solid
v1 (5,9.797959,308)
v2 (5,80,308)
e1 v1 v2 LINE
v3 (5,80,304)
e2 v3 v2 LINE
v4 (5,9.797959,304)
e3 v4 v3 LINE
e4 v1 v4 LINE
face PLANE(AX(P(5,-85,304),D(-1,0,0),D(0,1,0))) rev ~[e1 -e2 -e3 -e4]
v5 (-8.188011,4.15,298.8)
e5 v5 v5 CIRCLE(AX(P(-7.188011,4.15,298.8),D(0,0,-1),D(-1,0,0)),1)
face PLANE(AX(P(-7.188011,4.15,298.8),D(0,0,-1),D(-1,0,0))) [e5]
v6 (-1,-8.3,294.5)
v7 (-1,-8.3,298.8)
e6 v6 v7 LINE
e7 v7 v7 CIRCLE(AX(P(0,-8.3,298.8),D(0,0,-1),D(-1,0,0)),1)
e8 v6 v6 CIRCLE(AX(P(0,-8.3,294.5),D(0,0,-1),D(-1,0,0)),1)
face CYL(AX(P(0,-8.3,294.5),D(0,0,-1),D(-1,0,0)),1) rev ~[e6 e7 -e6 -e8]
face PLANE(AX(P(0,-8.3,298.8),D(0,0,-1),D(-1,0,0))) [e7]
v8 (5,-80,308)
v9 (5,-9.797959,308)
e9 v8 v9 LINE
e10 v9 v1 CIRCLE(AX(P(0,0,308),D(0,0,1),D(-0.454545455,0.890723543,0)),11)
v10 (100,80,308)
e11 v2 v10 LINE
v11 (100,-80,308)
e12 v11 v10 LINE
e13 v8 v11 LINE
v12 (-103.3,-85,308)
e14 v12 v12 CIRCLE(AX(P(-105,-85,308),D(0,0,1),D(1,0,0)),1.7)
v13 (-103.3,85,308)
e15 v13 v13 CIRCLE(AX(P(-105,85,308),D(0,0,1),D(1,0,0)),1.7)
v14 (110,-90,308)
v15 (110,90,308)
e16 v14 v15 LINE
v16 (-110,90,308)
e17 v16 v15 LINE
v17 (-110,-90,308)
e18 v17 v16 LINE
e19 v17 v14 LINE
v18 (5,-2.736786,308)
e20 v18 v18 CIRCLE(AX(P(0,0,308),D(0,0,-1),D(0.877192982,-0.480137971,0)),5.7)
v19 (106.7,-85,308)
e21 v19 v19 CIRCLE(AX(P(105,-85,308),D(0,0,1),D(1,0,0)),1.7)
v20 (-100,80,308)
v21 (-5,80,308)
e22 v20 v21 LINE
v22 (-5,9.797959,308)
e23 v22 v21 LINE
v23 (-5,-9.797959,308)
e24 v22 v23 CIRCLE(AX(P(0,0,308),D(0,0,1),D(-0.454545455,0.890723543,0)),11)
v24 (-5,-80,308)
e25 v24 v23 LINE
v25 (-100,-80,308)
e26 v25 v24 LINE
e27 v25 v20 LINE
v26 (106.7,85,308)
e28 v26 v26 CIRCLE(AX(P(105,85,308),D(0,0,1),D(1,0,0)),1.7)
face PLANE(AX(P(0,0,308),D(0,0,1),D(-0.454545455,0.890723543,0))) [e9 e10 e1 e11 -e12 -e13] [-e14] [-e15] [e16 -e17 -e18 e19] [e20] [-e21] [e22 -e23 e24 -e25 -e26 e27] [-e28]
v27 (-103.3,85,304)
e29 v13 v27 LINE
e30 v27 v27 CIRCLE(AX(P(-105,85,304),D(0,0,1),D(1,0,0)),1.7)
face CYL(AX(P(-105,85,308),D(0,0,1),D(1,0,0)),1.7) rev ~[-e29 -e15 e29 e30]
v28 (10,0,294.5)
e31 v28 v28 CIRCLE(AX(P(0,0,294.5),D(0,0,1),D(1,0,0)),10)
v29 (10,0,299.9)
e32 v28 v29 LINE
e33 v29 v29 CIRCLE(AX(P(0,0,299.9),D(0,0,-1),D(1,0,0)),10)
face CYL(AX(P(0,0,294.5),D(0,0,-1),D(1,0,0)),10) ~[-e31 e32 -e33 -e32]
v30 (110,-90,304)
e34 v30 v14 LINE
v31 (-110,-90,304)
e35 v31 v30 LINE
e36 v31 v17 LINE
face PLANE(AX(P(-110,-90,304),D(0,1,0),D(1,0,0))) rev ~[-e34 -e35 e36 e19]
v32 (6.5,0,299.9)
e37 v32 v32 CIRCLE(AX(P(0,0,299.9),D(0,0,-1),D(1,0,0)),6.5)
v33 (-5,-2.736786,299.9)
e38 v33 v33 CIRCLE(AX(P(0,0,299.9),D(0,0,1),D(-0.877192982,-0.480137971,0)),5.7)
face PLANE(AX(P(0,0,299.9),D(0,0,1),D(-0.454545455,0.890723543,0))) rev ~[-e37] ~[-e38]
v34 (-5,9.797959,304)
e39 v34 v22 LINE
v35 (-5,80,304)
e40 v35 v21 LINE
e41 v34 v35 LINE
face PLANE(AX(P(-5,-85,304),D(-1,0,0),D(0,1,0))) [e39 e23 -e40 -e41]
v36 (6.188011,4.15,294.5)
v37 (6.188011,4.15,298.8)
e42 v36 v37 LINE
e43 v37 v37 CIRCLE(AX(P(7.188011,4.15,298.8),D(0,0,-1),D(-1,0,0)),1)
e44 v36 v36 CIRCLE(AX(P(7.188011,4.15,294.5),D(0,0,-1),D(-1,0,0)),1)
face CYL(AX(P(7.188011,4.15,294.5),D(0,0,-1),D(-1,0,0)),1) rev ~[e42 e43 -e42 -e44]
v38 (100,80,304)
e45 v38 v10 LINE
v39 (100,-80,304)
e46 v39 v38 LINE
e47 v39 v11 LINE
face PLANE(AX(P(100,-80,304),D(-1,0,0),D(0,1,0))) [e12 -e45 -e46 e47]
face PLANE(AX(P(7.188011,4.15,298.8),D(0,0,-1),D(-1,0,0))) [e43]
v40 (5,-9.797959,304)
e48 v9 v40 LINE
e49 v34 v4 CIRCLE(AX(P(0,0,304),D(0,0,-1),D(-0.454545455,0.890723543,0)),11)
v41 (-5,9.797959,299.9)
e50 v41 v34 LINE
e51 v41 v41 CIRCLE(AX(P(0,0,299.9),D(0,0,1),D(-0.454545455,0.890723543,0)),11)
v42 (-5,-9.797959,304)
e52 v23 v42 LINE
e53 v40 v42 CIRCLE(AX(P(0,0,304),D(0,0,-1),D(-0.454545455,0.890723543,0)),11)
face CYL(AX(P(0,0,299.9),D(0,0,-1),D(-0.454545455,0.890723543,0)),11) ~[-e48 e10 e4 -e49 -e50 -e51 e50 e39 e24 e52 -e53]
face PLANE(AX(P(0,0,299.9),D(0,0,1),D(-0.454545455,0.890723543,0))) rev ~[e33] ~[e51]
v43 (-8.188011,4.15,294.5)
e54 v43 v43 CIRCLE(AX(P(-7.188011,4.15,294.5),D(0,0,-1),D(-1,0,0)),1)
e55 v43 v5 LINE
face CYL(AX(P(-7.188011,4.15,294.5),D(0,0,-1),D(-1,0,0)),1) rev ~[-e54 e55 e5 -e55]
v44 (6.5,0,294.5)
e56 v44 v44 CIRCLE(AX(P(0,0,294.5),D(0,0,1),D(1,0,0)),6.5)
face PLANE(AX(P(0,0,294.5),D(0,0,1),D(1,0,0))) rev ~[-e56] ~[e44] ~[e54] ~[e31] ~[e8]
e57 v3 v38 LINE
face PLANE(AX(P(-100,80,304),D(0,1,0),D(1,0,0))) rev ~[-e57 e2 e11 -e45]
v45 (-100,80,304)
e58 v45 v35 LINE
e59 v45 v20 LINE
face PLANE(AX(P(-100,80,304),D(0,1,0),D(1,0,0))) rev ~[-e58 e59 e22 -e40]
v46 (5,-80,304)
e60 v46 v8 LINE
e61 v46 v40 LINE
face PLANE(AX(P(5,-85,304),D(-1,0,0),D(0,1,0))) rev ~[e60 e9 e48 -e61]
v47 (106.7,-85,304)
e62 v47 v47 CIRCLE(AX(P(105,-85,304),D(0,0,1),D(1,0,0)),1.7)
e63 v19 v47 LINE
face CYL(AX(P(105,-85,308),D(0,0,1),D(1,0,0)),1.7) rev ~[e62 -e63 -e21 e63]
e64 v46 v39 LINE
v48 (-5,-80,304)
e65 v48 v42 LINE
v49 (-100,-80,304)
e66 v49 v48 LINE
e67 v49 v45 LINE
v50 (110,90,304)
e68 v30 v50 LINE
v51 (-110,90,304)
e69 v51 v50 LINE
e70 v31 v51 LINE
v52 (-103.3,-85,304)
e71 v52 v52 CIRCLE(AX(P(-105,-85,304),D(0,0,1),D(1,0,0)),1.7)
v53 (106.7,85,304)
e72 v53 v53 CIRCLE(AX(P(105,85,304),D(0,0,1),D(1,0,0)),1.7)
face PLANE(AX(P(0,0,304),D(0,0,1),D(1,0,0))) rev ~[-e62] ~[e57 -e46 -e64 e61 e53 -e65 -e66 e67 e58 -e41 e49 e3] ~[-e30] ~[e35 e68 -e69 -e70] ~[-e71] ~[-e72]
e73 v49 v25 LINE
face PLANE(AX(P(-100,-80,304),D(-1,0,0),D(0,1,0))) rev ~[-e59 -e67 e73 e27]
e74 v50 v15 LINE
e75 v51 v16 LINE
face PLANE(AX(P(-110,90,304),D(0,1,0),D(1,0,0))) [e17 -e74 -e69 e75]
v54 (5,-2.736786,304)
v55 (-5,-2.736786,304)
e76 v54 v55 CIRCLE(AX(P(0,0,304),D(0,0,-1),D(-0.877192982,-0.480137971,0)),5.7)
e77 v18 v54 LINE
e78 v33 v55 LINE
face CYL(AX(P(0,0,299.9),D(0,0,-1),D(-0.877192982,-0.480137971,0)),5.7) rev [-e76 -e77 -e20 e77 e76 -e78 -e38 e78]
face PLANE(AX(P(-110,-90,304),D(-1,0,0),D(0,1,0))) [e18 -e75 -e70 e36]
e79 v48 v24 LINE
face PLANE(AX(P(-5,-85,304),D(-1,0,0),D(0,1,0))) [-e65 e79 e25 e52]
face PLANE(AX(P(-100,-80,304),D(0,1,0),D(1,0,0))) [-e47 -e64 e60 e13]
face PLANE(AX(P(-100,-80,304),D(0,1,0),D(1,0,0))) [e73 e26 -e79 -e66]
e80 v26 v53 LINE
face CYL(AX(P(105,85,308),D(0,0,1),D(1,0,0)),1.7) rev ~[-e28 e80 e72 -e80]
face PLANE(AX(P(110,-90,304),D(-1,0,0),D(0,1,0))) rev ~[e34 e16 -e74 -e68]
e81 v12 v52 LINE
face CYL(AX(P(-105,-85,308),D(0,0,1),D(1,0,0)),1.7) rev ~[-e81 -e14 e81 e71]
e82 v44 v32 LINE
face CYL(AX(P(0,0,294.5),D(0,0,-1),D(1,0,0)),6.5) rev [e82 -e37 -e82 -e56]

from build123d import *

# Parameters (mm, degrees)
UPPER_PERIMETER_START                         = 304
SKETCH1_W                                     = 220
SKETCH1_H                                     = 180
SKETCH1_W_2                                   = 200
SKETCH1_H_2                                   = 160
UPPER_PERIMETER_DEPTH                         = 4
BEARING_SPINE_START                           = 304
SKETCH2_W                                     = 10
SKETCH2_H                                     = 170
BEARING_SPINE_DEPTH                           = 4
UPPER_OUTER_RACE_STOP_START                   = 299.9
SKETCH3_R                                     = 11
SKETCH3_R_2                                   = 5.7
UPPER_OUTER_RACE_STOP_DEPTH                   = 8.1
FLOATING_OUTER_RACE_SEAT_START                = 294.5
SKETCH4_R                                     = 10
SKETCH4_R_2                                   = 6.5
FLOATING_OUTER_RACE_SEAT_DEPTH                = 5.41
SHAFT_CLIP_CLEARANCE_START                    = -8.11
SKETCH5_R                                     = 5.7
SHAFT_CLIP_CLEARANCE_DEPTH                    = 8.11
SKETCH6_R                                     = 1.7
FOUR_TIE_ROD_CLEARANCE_DEPTH                  = 4.01
SKETCH7_R                                     = 1
THREE_M2_TOP_CAP_THREAD_MAJOR_ENVELOPES_DEPTH = 4.3


with BuildPart() as part:
    # Sketch1 → Upper_Perimeter (new body)
    with BuildSketch(Plane.XY.offset(UPPER_PERIMETER_START)):
        Rectangle(SKETCH1_W, SKETCH1_H)
        Rectangle(SKETCH1_W_2, SKETCH1_H_2, mode=Mode.SUBTRACT)
    extrude(amount=UPPER_PERIMETER_DEPTH)

    # Sketch2 → Bearing_Spine (add)
    with BuildSketch(Plane.XY.offset(BEARING_SPINE_START)):
        Rectangle(SKETCH2_W, SKETCH2_H)
    extrude(amount=BEARING_SPINE_DEPTH)

    # Sketch3 → Upper_Outer_Race_Stop (add)
    with BuildSketch(Plane.XY.offset(UPPER_OUTER_RACE_STOP_START)):
        with Locations(Location((0, 0, 0), (0, 0, 117.035691789))):
            Circle(SKETCH3_R)
        with Locations(Location((0, 0, 0), (0, 0, 208.694413527))):
            Circle(SKETCH3_R_2, mode=Mode.SUBTRACT)
    extrude(amount=UPPER_OUTER_RACE_STOP_DEPTH)

    # Sketch4 → Floating_Outer_Race_Seat (add)
    with BuildSketch(Plane.XY.offset(FLOATING_OUTER_RACE_SEAT_START)):
        Circle(SKETCH4_R)
        Circle(SKETCH4_R_2, mode=Mode.SUBTRACT)
    extrude(amount=FLOATING_OUTER_RACE_SEAT_DEPTH)

    # Sketch5 → Shaft_Clip_Clearance (cut)
    with BuildSketch(Plane.XY.offset(308).offset(SHAFT_CLIP_CLEARANCE_START)):
        Circle(SKETCH5_R)
    extrude(amount=SHAFT_CLIP_CLEARANCE_DEPTH, mode=Mode.SUBTRACT)

    # Sketch6 → Four_Tie_Rod_Clearance (cut)
    with BuildSketch(Plane.XY.offset(308)):
        with Locations((-105, -85)):
            Circle(SKETCH6_R)
        with Locations((-105, 85)):
            Circle(SKETCH6_R)
        with Locations((105, -85)):
            Circle(SKETCH6_R)
        with Locations((105, 85)):
            Circle(SKETCH6_R)
    extrude(amount=-FOUR_TIE_ROD_CLEARANCE_DEPTH, mode=Mode.SUBTRACT)

    # Sketch7 → Three_M2_Top_Cap_Thread_Major_Envelopes (cut)
    with BuildSketch(Plane(origin=(0, 0, 294.5), x_dir=(-1, 0, 0), z_dir=(0, 0, -1))):
        with Locations((-7.188010851, 4.15)):
            Circle(SKETCH7_R)
        with Locations((7.188010851, 4.15)):
            Circle(SKETCH7_R)
        with Locations((0, -8.3)):
            Circle(SKETCH7_R)
    extrude(amount=-THREE_M2_TOP_CAP_THREAD_MAJOR_ENVELOPES_DEPTH, mode=Mode.SUBTRACT)


solid = part.part
